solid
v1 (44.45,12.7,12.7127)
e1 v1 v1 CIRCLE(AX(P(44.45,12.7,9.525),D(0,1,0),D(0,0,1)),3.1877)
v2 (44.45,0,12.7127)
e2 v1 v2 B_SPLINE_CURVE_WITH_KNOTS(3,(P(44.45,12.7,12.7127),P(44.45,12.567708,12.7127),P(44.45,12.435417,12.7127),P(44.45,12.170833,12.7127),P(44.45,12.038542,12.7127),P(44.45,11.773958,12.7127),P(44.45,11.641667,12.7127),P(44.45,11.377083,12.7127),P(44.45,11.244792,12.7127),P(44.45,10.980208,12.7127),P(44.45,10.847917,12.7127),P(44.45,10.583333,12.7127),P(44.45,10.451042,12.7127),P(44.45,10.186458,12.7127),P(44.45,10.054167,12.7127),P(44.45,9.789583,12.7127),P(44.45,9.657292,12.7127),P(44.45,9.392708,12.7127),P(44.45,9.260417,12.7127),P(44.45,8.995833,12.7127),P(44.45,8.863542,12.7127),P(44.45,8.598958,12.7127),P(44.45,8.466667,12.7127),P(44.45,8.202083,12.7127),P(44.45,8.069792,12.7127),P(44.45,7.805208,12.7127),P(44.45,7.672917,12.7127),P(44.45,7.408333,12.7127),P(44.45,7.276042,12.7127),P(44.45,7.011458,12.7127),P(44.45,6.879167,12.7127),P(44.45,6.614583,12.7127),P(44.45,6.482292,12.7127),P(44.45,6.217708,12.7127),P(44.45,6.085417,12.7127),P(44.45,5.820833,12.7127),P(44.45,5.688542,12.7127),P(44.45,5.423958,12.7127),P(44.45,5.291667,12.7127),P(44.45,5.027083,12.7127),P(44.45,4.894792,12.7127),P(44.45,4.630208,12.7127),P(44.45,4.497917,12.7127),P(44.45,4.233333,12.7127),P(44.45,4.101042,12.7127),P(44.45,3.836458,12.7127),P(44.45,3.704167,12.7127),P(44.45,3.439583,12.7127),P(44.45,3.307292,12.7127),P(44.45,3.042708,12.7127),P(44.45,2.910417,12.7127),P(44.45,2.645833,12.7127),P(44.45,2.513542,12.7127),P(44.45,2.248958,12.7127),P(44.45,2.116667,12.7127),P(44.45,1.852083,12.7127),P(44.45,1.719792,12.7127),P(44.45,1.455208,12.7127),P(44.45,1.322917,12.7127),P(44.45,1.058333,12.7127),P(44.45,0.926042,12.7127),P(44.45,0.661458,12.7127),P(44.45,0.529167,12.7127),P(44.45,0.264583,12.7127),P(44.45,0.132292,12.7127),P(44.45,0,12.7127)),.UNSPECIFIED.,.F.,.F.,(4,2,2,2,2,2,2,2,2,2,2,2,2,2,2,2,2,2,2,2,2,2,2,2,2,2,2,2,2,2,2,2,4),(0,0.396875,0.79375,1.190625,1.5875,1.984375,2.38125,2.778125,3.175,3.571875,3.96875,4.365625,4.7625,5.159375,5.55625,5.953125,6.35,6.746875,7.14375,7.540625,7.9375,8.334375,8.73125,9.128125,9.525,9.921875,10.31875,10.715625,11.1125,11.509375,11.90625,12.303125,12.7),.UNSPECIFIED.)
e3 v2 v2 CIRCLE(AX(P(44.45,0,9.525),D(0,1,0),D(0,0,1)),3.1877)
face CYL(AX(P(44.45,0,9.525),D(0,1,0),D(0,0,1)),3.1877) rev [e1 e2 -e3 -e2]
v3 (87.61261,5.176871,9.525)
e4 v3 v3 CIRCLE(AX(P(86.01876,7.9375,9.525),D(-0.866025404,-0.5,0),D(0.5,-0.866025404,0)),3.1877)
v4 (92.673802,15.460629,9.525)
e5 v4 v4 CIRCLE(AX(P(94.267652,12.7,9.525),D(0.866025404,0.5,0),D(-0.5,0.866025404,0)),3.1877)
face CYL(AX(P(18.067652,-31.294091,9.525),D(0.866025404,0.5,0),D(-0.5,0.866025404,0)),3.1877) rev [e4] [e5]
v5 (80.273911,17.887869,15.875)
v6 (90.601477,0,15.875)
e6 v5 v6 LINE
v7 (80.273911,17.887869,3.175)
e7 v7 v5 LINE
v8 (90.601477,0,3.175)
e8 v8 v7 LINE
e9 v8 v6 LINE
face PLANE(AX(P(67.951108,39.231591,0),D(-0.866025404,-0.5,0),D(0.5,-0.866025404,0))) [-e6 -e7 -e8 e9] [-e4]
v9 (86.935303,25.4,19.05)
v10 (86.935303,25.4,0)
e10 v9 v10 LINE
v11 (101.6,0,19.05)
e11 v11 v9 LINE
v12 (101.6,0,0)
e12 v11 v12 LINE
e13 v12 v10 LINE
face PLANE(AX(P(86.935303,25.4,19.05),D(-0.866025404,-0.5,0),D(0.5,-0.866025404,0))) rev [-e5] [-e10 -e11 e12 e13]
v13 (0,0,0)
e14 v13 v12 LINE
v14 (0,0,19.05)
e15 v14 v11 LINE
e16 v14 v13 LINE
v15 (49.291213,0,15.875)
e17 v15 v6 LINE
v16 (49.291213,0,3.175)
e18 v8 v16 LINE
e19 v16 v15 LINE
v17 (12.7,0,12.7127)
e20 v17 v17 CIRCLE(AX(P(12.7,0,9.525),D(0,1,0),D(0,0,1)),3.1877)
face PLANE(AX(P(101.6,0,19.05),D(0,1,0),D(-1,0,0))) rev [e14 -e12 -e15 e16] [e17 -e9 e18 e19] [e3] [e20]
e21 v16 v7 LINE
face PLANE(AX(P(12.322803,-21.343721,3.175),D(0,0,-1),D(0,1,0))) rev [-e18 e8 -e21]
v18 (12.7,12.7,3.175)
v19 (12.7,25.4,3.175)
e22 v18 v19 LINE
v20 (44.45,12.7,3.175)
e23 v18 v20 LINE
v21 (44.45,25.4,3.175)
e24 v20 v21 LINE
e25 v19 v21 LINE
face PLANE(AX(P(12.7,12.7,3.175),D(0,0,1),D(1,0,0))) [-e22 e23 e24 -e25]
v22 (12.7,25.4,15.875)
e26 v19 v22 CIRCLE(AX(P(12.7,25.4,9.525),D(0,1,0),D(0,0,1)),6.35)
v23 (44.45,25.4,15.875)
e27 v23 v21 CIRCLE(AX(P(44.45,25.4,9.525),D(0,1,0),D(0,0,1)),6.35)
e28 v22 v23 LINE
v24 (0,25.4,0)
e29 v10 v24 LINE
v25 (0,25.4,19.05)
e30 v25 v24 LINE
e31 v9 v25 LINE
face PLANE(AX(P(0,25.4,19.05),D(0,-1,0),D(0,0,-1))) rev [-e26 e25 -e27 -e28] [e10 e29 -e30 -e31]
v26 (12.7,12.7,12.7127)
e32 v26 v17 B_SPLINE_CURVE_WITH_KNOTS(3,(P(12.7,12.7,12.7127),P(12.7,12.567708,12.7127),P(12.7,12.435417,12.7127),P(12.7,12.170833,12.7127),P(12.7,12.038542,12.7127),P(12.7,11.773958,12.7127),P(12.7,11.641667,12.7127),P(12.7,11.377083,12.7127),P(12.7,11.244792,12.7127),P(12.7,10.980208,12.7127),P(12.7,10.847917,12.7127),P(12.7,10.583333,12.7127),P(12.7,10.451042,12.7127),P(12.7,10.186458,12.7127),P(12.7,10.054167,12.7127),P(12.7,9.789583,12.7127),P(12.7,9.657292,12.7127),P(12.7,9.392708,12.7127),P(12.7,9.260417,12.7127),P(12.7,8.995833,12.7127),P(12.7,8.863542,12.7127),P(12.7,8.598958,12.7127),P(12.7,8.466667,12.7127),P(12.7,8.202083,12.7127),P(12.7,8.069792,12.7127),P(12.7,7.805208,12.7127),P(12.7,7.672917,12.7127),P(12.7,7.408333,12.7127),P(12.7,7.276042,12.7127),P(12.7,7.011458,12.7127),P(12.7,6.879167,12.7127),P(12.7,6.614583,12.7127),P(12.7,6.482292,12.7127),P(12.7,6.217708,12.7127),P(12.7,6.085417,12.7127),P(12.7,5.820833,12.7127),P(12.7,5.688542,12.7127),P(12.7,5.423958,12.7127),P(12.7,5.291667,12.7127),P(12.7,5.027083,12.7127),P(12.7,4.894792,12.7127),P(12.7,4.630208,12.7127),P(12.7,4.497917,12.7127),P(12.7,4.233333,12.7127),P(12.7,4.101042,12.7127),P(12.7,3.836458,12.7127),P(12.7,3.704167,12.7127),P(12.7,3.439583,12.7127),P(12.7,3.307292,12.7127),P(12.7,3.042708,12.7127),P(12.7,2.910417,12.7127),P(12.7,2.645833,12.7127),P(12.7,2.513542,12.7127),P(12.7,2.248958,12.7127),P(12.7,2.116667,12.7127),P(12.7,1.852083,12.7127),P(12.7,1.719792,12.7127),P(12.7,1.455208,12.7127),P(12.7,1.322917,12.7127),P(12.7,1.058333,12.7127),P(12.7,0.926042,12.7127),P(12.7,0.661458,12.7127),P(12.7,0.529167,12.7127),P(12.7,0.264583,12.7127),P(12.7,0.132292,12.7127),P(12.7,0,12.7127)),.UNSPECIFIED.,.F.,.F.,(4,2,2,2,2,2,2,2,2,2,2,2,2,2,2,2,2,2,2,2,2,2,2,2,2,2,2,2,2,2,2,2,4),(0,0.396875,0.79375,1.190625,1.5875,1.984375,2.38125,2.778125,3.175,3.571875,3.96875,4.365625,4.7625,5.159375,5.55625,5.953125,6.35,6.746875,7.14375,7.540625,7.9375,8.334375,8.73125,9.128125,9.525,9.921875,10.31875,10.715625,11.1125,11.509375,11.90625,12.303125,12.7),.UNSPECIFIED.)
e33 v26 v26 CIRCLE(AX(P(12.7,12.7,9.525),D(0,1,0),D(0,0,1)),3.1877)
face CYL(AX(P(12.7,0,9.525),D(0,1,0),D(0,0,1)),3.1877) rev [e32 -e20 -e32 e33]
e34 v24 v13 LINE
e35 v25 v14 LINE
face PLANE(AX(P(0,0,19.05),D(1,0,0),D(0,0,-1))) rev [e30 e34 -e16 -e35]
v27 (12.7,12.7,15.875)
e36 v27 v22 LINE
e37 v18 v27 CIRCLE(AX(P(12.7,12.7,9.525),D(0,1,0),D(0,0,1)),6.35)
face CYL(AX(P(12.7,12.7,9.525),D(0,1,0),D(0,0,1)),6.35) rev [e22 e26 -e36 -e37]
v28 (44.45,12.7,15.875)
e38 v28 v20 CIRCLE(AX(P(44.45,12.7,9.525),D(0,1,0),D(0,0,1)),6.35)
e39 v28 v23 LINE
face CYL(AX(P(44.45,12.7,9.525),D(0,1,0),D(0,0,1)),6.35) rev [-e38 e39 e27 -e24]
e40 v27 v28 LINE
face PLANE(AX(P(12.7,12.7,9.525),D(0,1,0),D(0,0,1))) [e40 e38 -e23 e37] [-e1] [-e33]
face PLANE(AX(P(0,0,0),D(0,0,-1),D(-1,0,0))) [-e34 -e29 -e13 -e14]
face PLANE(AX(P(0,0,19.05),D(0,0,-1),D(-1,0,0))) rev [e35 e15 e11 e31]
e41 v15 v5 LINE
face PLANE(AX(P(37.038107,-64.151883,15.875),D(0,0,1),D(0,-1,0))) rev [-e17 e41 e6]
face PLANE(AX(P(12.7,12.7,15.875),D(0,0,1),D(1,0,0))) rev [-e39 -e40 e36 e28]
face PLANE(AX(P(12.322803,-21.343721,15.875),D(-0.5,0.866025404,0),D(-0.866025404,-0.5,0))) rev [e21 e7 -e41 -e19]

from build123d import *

# Parameters (mm, degrees)
BOSS_EXTRUDE1_DEPTH = 19.05
SKETCH2_W           = 12.7
SKETCH2_H           = 49.430607356
CUT_EXTRUDE1_DEPTH  = 81.742636051
SKETCH3_R           = 3.1877
CUT_EXTRUDE2_DEPTH  = 91.02678768
CUT_EXTRUDE3_DEPTH  = 12.7
SKETCH4_3_R         = 3.1877
CUT_EXTRUDE5_DEPTH  = 107.4453968


with BuildPart() as part:
    # Sketch1 → Boss-Extrude1 (new body)
    with BuildSketch(Plane.XY):
        Polygon((0, 0), (0, 25.4), (86.935303163, 25.4), (101.6, 0), align=None)
    extrude(amount=BOSS_EXTRUDE1_DEPTH)

    # Sketch2 → Cut-Extrude1 (cut, through all)
    with BuildSketch(Plane(origin=(67.951108029, 39.231590512, 0), x_dir=(0, 0, -1), z_dir=(0.8660254037844359, 0.5000000000000048, 0))):
        with Locations((-9.525, -49.360910003)):
            Rectangle(SKETCH2_W, SKETCH2_H)
    extrude(amount=-CUT_EXTRUDE1_DEPTH, mode=Mode.SUBTRACT)

    # Sketch3 → Cut-Extrude2 (cut, through all)
    with BuildSketch(Plane(origin=(76.2, 43.994090512, 0), x_dir=(0, 0, -1), z_dir=(0.8660254037844359, 0.5000000000000048, 0))):
        with Locations((-9.525, -36.135303163)):
            Circle(SKETCH3_R)
    extrude(amount=-CUT_EXTRUDE2_DEPTH, mode=Mode.SUBTRACT)

    # Sketch4 → Cut-Extrude3 (cut)
    with BuildSketch(Plane(origin=(0, 25.4, 0), x_dir=(1, 0, 0), z_dir=(0, 1, 0))):
        with BuildLine():
            Line((12.7, -3.175), (44.45, -3.175))
            ThreePointArc((44.45, -3.175), (50.8, -9.525), (44.45, -15.875))
            Line((44.45, -15.875), (12.7, -15.875))
            ThreePointArc((12.7, -15.875), (6.35, -9.525), (12.7, -3.175))
        make_face()
    extrude(amount=-CUT_EXTRUDE3_DEPTH, mode=Mode.SUBTRACT)

    # Sketch4<3> → Cut-Extrude5 (cut, through all)
    with BuildSketch(Plane(origin=(0, 25.4, 0), x_dir=(1, 0, 0), z_dir=(0, 1, 0))):
        with Locations((12.7, -9.525)):
            Circle(SKETCH4_3_R)
        with Locations((44.45, -9.525)):
            Circle(SKETCH4_3_R)
    extrude(amount=-CUT_EXTRUDE5_DEPTH, mode=Mode.SUBTRACT)


solid = part.part
